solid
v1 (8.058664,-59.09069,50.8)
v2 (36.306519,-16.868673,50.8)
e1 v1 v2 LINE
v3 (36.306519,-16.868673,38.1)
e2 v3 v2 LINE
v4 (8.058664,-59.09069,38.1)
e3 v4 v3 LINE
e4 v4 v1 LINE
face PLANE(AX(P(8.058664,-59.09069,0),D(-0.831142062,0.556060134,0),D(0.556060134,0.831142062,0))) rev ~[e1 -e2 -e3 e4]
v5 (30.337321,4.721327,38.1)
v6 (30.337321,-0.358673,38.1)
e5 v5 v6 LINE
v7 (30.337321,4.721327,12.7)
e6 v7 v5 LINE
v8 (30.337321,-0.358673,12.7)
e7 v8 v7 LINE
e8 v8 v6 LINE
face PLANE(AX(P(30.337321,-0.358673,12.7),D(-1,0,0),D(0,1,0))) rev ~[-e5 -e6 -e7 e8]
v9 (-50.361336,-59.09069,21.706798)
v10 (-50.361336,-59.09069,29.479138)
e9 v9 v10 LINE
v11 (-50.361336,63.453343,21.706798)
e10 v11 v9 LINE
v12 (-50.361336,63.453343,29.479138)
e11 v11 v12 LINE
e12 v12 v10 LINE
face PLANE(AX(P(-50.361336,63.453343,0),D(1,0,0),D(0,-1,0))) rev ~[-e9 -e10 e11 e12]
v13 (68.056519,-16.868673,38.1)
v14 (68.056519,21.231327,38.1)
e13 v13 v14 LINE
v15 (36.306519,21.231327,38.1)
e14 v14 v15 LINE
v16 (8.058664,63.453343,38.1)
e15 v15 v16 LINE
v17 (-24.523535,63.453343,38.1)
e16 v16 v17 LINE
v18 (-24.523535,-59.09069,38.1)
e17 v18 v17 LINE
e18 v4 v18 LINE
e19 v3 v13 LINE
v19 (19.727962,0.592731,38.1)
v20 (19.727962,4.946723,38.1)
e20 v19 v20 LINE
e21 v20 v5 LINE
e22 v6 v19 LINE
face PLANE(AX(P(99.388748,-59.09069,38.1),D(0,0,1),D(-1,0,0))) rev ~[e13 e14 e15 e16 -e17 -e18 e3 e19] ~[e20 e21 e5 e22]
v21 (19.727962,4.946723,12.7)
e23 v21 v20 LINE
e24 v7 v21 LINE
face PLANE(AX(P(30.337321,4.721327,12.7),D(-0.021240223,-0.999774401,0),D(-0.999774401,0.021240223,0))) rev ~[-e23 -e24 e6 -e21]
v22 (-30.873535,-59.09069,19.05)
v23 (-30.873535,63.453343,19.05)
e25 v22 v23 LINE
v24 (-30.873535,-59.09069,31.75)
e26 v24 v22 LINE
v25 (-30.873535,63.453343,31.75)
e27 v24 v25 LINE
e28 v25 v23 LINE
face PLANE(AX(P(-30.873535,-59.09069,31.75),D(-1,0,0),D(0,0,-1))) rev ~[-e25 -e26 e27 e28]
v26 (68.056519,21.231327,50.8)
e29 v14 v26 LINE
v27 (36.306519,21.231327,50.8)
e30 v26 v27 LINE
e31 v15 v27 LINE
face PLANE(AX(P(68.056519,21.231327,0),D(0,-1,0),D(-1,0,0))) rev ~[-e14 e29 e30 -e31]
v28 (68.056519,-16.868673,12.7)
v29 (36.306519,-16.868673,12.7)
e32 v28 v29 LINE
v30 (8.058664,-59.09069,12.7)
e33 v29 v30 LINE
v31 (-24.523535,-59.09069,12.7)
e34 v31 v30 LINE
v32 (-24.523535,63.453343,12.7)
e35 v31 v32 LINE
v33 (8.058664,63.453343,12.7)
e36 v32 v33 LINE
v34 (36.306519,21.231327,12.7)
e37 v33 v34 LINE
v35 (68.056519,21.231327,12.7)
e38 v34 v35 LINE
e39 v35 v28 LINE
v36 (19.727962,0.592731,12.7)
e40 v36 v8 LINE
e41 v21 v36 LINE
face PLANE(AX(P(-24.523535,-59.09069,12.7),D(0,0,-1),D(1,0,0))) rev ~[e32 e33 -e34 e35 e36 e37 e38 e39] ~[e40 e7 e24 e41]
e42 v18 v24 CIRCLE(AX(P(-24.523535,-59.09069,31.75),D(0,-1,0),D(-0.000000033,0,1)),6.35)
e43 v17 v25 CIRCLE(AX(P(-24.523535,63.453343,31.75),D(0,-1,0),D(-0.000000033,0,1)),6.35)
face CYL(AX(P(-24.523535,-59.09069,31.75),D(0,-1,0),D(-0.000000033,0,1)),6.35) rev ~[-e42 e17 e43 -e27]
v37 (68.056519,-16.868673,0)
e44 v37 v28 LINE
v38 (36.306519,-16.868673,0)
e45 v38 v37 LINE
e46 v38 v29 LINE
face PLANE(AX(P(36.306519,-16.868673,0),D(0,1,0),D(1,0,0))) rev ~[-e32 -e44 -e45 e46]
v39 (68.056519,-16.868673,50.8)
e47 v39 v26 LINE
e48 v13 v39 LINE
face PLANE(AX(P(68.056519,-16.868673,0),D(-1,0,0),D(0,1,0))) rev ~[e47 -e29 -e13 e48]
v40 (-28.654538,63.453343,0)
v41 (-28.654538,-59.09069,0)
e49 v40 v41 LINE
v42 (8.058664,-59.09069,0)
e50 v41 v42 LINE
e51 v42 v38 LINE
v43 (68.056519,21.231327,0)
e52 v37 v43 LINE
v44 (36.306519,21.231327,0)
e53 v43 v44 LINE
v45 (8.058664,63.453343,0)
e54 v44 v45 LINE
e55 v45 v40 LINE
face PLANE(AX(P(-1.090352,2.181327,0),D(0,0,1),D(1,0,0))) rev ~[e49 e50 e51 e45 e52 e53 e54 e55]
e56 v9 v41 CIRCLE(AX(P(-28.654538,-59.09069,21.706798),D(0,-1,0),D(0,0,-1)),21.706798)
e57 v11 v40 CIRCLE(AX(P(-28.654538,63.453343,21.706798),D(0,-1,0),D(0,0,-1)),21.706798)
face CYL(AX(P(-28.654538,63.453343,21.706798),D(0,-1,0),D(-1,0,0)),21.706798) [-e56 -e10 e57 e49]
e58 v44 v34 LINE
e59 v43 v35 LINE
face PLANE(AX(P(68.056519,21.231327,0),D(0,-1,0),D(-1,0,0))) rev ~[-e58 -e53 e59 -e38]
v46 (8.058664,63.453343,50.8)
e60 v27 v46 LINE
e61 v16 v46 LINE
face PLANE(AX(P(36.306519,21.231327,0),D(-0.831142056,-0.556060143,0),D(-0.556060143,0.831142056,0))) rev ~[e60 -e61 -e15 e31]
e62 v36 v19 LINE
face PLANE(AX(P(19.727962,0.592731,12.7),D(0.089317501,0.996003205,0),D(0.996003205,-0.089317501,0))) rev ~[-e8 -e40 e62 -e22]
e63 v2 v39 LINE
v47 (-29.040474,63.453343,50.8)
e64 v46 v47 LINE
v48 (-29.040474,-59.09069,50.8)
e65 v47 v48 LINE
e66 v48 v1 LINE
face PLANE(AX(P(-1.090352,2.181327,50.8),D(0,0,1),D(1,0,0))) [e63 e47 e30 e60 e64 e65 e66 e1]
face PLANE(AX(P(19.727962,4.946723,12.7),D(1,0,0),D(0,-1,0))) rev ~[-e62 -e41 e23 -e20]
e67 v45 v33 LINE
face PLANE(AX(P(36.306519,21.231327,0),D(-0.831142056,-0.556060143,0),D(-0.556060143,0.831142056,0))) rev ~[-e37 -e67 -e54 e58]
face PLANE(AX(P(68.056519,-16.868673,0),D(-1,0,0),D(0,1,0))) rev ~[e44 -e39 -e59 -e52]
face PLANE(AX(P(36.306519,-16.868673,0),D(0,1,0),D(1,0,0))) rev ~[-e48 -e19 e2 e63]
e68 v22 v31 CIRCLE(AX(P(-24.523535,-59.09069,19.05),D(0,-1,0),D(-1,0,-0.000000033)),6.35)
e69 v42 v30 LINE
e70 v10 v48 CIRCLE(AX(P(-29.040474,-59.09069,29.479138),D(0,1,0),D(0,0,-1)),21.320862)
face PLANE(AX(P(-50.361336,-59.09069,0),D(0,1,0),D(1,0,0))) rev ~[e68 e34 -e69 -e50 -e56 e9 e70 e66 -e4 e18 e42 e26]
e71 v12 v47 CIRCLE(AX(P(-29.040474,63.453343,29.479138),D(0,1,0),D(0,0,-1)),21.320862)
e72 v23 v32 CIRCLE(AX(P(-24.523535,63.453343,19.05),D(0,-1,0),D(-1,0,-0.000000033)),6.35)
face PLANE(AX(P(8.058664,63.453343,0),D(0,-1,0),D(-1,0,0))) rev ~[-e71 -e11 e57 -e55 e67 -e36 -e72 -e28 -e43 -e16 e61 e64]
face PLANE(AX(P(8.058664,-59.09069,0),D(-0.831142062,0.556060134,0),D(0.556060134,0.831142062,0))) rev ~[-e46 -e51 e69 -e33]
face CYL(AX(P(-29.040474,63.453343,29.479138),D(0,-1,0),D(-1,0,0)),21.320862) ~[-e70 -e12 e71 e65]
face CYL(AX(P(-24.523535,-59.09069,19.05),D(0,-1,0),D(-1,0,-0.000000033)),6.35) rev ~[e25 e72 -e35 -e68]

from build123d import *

# Parameters (mm, degrees)
F1_DEPTH = 50.8
F2_R     = 21.706798
F3_R     = 21.320862
F5_DEPTH = 157.70323
F7_DEPTH = 29.04742


with BuildPart() as f1:
    # F0 (on Top) → F1 (new body)
    with BuildSketch(Plane.XY):
        Polygon((68.056519, -16.868673), (68.056519, 21.231327), (36.306519, 21.231327), (8.058664, 63.453343), (-50.361336, 63.453343), (-50.361336, -59.09069), (8.058664, -59.09069), (36.306519, -16.868673), align=None)
    extrude(amount=F1_DEPTH)

    # F2
    f2_edges = [f1.edges().sort_by_distance(p)[0] for p in [
        (-50.361336, 2.181327, 0),
    ]]
    fillet(f2_edges, radius=F2_R)

    # F3
    f3_edges = [f1.edges().sort_by_distance(p)[0] for p in [
        (-50.361336, 2.181327, 50.8),
    ]]
    fillet(f3_edges, radius=F3_R)

    # F4 (on face) → F5 (cut)
    with BuildSketch(Plane.XZ.offset(59.09069)):
        with BuildLine():
            Line((99.388748, 38.1), (8.058664, 38.1))
            Line((8.058664, 38.1), (-24.523535, 38.1))
            ThreePointArc((-24.523535, 38.1), (-29.013663, 36.240128), (-30.873535, 31.75))
            Line((-30.873535, 31.75), (-30.873535, 19.05))
            ThreePointArc((-30.873535, 19.05), (-29.013663, 14.559872), (-24.523535, 12.7))
            Line((-24.523535, 12.7), (8.058664, 12.7))
            Line((8.058664, 12.7), (99.388748, 12.7))
            Line((99.388748, 12.7), (99.388748, 38.1))
        make_face()
        with BuildLine():
            Line((8.058664, 12.7), (8.058664, 38.1))
            Line((8.058664, 38.1), (-24.523535, 38.1))
            ThreePointArc((-24.523535, 38.1), (-29.013663, 36.240128), (-30.873535, 31.75))
            Line((-30.873535, 31.75), (-30.873535, 19.05))
            ThreePointArc((-30.873535, 19.05), (-29.013663, 14.559872), (-24.523535, 12.7))
            Line((-24.523535, 12.7), (8.058664, 12.7))
        make_face()
    extrude(amount=-F5_DEPTH, mode=Mode.SUBTRACT)

    # F6 (on face) → F7 (join)
    with BuildSketch(Plane.XY.offset(12.7)):
        Polygon((19.727962, 4.946723), (19.727962, 0.592731), (30.337321, -0.358673), (30.337321, 4.721327), align=None)
    extrude(amount=F7_DEPTH)


solid = f1.part
